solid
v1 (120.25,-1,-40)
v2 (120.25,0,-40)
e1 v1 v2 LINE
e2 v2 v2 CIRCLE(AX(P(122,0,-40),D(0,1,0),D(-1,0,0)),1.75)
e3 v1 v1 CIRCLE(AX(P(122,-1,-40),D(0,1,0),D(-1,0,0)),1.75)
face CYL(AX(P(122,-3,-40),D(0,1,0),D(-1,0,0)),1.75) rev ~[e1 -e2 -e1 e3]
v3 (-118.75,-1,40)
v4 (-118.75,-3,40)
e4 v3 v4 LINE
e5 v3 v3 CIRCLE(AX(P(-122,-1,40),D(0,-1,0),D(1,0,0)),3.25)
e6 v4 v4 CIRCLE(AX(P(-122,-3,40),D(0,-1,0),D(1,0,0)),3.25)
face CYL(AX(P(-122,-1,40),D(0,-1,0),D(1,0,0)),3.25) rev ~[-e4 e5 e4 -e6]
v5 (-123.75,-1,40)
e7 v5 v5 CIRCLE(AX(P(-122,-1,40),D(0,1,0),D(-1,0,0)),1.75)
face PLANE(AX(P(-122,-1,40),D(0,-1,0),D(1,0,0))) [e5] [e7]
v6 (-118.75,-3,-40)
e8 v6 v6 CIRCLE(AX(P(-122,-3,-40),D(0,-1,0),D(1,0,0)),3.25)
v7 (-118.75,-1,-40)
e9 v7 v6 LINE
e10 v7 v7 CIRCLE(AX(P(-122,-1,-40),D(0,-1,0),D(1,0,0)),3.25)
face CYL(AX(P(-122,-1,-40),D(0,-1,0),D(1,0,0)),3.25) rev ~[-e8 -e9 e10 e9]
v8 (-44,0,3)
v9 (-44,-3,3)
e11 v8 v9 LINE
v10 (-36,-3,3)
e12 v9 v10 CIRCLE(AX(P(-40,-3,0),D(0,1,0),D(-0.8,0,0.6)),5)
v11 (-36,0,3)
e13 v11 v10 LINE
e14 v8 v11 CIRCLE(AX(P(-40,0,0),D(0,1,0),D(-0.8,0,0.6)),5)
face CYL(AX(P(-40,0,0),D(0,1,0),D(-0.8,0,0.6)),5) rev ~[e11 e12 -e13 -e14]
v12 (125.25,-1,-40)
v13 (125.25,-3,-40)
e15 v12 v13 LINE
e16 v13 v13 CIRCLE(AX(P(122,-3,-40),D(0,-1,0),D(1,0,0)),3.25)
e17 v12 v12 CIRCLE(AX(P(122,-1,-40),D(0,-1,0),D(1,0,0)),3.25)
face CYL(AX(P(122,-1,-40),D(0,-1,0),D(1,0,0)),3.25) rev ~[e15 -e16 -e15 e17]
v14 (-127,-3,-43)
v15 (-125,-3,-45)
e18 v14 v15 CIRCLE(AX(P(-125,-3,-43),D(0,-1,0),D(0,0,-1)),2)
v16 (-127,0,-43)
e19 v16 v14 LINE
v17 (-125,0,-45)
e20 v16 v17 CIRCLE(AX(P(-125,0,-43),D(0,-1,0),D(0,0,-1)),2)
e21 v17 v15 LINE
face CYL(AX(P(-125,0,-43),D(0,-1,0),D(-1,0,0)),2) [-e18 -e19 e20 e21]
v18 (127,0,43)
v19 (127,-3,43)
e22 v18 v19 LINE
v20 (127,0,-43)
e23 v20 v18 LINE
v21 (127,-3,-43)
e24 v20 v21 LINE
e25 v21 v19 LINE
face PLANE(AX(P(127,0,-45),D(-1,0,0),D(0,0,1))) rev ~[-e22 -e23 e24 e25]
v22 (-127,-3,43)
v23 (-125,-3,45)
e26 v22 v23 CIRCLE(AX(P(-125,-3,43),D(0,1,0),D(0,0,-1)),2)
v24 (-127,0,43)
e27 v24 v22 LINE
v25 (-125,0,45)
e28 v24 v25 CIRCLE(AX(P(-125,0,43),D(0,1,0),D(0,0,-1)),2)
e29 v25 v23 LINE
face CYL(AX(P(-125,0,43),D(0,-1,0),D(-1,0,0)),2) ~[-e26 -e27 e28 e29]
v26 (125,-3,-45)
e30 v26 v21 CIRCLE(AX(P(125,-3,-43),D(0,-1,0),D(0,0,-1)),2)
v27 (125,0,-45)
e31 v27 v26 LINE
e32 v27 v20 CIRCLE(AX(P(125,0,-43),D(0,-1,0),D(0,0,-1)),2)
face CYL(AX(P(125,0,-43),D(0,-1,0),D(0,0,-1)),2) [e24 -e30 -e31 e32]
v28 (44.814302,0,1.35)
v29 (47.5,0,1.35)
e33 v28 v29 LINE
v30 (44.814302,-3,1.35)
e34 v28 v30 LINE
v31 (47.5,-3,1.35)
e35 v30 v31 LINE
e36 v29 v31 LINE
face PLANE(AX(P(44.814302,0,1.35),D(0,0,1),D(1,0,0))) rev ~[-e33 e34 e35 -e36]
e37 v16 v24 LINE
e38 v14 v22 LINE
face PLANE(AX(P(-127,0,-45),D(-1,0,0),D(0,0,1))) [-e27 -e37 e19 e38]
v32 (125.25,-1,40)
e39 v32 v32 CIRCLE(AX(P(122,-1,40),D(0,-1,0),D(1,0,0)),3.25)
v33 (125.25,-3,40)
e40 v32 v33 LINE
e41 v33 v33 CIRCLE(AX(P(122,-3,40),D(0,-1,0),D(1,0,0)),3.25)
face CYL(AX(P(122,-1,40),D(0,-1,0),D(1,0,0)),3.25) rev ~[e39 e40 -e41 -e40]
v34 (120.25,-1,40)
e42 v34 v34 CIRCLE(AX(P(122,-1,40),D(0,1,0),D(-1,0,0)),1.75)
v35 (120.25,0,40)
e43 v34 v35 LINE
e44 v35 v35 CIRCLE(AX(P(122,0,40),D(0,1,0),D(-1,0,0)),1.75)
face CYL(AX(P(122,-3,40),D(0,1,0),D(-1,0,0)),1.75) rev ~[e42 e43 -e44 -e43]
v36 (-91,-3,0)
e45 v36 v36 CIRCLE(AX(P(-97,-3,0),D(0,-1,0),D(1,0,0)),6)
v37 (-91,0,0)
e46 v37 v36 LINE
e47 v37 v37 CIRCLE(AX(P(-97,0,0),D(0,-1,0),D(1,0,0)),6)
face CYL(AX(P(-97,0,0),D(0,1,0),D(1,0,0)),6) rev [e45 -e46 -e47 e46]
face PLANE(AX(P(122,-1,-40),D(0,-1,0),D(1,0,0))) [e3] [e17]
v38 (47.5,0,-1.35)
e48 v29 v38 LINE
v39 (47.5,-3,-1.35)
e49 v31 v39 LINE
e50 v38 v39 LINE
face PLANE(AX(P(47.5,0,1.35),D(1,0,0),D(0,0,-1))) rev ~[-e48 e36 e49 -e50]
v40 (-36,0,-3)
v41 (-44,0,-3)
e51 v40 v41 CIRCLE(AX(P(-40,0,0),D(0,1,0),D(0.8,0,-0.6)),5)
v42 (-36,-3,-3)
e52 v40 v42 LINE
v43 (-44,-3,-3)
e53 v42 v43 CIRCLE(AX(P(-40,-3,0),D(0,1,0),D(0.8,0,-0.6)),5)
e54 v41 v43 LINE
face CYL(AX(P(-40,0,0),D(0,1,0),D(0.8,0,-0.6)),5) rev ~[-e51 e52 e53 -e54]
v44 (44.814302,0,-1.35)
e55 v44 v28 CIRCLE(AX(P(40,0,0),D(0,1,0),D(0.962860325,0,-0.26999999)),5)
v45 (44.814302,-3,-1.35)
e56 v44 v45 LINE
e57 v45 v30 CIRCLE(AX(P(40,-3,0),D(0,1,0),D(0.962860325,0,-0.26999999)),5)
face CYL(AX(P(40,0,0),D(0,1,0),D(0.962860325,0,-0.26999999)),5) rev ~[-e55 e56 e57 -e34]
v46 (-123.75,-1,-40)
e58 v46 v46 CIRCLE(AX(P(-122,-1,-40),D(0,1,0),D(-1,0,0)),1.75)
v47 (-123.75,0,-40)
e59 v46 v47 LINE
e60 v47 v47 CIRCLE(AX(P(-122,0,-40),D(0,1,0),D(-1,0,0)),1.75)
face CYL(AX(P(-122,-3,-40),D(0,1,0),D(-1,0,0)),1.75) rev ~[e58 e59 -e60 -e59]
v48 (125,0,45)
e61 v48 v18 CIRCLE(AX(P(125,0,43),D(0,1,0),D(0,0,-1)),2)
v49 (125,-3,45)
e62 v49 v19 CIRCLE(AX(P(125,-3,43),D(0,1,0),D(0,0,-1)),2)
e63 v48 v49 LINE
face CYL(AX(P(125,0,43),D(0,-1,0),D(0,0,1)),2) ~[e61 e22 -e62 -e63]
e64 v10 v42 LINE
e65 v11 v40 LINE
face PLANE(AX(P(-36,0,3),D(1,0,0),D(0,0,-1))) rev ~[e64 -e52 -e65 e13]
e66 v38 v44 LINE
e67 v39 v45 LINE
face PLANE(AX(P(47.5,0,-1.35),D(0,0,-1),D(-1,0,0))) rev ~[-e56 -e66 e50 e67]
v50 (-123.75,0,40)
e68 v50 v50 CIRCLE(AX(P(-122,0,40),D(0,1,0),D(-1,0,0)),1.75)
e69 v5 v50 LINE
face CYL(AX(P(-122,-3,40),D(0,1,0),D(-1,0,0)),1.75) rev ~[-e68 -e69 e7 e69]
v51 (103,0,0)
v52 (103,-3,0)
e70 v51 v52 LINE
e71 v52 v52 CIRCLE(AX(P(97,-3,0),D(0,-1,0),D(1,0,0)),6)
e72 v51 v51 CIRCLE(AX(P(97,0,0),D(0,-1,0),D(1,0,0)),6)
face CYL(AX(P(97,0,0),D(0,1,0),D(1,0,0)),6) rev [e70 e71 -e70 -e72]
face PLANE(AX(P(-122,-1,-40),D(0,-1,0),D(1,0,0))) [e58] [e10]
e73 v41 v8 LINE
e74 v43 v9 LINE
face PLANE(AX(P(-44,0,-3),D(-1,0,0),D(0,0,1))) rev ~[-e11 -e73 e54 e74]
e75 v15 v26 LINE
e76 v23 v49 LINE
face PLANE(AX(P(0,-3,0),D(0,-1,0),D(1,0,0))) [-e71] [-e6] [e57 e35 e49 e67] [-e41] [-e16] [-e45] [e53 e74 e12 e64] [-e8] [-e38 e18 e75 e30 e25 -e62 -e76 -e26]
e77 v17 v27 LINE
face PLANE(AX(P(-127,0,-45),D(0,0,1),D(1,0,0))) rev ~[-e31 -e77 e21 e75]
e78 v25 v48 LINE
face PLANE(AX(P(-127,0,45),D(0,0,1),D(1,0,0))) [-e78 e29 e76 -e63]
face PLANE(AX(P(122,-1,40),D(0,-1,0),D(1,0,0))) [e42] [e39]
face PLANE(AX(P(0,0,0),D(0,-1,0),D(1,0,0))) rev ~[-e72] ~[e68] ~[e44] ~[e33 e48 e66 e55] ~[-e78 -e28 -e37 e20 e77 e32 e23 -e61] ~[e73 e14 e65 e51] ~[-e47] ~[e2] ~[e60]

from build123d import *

# Parameters (mm, degrees)
F0_W           = 254
F0_H           = 90
F0_R           = 6
F1_DEPTH       = 3
F3_D           = 3.5
F3_CBORE_D     = 6.5
F3_CBORE_DEPTH = 2
F4_R           = 2


with BuildPart() as f1:
    # F0 (on Front) → F1 (new body)
    with BuildSketch(Plane.XZ):
        Rectangle(F0_W, F0_H)
        with Locations((-97, 0)):
            Circle(F0_R, mode=Mode.SUBTRACT)
        with BuildLine():
            Line((-44, -3), (-44, 3))
            ThreePointArc((-44, 3), (-40, 5), (-36, 3))
            Line((-36, 3), (-36, -3))
            ThreePointArc((-36, -3), (-40, -5), (-44, -3))
        make_face(mode=Mode.SUBTRACT)
        with BuildLine():
            ThreePointArc((44.814302, -1.35), (35, 0), (44.814302, 1.35))
            Line((44.814302, 1.35), (47.5, 1.35))
            Line((47.5, 1.35), (47.5, -1.35))
            Line((47.5, -1.35), (44.814302, -1.35))
        make_face(mode=Mode.SUBTRACT)
        with Locations((97, 0)):
            Circle(F0_R, mode=Mode.SUBTRACT)
    extrude(amount=F1_DEPTH)

    # F3 (through all)
    with Locations(Plane.XZ.offset(3)):
        with Locations((-122, 40), (-122, -40), (122, 40), (122, -40)):
            CounterBoreHole(F3_D / 2, F3_CBORE_D / 2, F3_CBORE_DEPTH)

    # F4
    f4_edges = [f1.edges().sort_by_distance(p)[0] for p in [
        (-127, -1.5, 45),
        (-127, -1.5, -45),
        (127, -1.5, -45),
        (127, -1.5, 45),
    ]]
    fillet(f4_edges, radius=F4_R)


solid = f1.part
